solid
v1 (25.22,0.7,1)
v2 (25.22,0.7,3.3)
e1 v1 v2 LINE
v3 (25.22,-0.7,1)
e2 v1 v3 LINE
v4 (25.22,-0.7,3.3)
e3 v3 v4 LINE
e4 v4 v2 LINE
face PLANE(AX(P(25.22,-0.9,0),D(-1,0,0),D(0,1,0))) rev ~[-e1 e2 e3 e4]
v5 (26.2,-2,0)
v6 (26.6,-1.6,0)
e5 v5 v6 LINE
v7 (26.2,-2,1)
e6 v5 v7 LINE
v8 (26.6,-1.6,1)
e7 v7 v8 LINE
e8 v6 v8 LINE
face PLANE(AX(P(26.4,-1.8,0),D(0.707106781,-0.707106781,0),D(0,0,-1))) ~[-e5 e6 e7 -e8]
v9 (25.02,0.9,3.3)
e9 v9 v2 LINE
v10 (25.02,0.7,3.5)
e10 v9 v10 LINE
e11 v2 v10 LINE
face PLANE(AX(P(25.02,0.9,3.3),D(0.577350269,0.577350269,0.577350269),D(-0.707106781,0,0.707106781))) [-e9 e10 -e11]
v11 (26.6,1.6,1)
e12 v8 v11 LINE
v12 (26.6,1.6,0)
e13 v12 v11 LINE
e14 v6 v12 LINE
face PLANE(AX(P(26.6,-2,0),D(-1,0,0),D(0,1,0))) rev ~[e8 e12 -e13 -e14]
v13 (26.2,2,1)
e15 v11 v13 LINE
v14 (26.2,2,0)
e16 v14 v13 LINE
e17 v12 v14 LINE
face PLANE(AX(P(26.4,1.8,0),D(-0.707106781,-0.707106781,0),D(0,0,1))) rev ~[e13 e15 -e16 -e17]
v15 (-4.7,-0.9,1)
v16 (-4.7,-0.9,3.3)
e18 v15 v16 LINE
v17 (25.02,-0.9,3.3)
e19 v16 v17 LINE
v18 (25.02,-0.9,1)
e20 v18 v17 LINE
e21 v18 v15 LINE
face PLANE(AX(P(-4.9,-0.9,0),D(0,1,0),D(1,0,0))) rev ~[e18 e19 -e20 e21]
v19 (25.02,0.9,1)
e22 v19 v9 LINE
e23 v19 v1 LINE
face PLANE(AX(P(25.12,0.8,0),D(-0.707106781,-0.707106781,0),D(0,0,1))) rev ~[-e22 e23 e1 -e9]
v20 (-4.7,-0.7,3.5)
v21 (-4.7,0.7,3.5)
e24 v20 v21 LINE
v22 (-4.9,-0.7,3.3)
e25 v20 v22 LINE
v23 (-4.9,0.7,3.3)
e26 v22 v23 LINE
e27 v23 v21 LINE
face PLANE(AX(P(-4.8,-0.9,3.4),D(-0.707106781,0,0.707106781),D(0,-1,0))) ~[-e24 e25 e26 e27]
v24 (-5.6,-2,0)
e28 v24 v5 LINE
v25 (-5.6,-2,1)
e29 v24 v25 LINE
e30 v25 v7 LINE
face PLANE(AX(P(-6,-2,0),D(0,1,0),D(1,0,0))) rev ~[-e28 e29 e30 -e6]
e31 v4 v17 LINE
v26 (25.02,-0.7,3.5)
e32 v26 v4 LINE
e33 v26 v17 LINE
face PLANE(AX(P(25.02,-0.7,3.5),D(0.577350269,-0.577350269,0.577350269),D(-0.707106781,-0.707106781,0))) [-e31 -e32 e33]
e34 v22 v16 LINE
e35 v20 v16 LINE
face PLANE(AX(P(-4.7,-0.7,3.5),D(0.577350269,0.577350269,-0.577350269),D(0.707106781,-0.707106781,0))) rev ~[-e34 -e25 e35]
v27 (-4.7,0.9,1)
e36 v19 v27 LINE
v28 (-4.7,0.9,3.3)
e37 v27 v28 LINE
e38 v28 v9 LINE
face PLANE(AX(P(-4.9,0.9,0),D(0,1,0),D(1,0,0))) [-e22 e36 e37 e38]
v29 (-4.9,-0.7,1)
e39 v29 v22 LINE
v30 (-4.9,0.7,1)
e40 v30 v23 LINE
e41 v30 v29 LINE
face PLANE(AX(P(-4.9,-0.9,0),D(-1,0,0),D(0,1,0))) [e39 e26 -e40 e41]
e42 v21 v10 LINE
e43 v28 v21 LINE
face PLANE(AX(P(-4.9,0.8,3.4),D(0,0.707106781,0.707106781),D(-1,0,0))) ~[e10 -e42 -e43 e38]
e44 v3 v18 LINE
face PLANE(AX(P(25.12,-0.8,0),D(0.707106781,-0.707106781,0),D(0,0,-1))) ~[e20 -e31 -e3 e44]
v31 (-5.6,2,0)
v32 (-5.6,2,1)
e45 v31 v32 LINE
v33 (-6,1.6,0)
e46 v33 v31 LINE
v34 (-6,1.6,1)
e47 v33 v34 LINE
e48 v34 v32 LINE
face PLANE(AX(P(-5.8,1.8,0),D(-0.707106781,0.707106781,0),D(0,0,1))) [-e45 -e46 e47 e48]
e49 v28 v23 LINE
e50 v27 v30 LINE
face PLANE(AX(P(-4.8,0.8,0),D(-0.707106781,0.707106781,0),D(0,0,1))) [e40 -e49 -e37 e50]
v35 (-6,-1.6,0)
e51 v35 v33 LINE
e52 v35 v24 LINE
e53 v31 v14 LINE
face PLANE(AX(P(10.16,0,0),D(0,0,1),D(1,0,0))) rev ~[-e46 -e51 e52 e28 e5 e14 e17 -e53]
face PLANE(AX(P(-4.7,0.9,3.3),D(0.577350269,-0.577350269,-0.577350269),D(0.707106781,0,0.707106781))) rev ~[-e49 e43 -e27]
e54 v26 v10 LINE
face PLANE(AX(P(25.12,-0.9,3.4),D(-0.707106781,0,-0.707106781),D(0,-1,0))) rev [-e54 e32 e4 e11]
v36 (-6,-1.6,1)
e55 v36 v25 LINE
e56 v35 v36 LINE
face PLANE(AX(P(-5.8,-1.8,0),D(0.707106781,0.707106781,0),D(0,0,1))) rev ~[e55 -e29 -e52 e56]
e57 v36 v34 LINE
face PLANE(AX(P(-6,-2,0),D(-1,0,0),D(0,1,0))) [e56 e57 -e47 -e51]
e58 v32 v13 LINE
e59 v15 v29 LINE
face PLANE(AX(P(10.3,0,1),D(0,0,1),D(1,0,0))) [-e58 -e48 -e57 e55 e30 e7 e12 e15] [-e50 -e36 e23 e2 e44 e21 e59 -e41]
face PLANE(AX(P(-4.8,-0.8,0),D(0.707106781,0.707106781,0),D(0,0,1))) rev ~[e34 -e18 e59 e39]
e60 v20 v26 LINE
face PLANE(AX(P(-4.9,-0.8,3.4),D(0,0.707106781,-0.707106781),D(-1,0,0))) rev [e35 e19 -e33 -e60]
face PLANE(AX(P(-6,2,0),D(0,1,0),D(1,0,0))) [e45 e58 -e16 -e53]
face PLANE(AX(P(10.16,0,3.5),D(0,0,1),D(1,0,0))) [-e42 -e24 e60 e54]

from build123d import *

# Parameters (mm, degrees)
BOX033_W              = 30.12
BOX033_H              = 1.8
BOX033_DEPTH          = 3.5
CHAMFER011015011_SIZE = 0.2
BOX034_W              = 32.6
BOX034_H              = 4
BOX034_DEPTH          = 1
CHAMFER011015012_SIZE = 0.4


with BuildPart() as chamfer011015011:
    # Box033 → Box033 (new body)
    with BuildSketch(Plane(origin=(-4.9, -0.9, 0), x_dir=(1, 0, 0), z_dir=(0, 0, 1))):
        with Locations((15.06, 0.9)):
            Rectangle(BOX033_W, BOX033_H)
    extrude(amount=BOX033_DEPTH)

    # Chamfer011015011
    chamfer011015011_edges = [chamfer011015011.edges().sort_by_distance(p)[0] for p in [
        (-4.9, -0.9, 1.75),
        (-4.9, 0, 3.5),
        (-4.9, 0.9, 1.75),
        (25.22, -0.9, 1.75),
        (25.22, 0, 3.5),
        (25.22, 0.9, 1.75),
        (10.16, -0.9, 3.5),
        (10.16, 0.9, 3.5),
    ]]
    chamfer(chamfer011015011_edges, length=CHAMFER011015011_SIZE)


with BuildPart() as color_slot_long:
    # Box034 → Box034 (new body)
    with BuildSketch(Plane(origin=(-6, -2, 0), x_dir=(1, 0, 0), z_dir=(0, 0, 1))):
        with Locations((16.3, 2)):
            Rectangle(BOX034_W, BOX034_H)
    extrude(amount=BOX034_DEPTH)

    # Chamfer011015012
    chamfer011015012_edges = [color_slot_long.edges().sort_by_distance(p)[0] for p in [
        (-6, -2, 0.5),
        (-6, 2, 0.5),
        (26.6, -2, 0.5),
        (26.6, 2, 0.5),
    ]]
    chamfer(chamfer011015012_edges, length=CHAMFER011015012_SIZE)

    # Fusion011012002: union Chamfer011015011
    add(chamfer011015011.part)


solid = color_slot_long.part
